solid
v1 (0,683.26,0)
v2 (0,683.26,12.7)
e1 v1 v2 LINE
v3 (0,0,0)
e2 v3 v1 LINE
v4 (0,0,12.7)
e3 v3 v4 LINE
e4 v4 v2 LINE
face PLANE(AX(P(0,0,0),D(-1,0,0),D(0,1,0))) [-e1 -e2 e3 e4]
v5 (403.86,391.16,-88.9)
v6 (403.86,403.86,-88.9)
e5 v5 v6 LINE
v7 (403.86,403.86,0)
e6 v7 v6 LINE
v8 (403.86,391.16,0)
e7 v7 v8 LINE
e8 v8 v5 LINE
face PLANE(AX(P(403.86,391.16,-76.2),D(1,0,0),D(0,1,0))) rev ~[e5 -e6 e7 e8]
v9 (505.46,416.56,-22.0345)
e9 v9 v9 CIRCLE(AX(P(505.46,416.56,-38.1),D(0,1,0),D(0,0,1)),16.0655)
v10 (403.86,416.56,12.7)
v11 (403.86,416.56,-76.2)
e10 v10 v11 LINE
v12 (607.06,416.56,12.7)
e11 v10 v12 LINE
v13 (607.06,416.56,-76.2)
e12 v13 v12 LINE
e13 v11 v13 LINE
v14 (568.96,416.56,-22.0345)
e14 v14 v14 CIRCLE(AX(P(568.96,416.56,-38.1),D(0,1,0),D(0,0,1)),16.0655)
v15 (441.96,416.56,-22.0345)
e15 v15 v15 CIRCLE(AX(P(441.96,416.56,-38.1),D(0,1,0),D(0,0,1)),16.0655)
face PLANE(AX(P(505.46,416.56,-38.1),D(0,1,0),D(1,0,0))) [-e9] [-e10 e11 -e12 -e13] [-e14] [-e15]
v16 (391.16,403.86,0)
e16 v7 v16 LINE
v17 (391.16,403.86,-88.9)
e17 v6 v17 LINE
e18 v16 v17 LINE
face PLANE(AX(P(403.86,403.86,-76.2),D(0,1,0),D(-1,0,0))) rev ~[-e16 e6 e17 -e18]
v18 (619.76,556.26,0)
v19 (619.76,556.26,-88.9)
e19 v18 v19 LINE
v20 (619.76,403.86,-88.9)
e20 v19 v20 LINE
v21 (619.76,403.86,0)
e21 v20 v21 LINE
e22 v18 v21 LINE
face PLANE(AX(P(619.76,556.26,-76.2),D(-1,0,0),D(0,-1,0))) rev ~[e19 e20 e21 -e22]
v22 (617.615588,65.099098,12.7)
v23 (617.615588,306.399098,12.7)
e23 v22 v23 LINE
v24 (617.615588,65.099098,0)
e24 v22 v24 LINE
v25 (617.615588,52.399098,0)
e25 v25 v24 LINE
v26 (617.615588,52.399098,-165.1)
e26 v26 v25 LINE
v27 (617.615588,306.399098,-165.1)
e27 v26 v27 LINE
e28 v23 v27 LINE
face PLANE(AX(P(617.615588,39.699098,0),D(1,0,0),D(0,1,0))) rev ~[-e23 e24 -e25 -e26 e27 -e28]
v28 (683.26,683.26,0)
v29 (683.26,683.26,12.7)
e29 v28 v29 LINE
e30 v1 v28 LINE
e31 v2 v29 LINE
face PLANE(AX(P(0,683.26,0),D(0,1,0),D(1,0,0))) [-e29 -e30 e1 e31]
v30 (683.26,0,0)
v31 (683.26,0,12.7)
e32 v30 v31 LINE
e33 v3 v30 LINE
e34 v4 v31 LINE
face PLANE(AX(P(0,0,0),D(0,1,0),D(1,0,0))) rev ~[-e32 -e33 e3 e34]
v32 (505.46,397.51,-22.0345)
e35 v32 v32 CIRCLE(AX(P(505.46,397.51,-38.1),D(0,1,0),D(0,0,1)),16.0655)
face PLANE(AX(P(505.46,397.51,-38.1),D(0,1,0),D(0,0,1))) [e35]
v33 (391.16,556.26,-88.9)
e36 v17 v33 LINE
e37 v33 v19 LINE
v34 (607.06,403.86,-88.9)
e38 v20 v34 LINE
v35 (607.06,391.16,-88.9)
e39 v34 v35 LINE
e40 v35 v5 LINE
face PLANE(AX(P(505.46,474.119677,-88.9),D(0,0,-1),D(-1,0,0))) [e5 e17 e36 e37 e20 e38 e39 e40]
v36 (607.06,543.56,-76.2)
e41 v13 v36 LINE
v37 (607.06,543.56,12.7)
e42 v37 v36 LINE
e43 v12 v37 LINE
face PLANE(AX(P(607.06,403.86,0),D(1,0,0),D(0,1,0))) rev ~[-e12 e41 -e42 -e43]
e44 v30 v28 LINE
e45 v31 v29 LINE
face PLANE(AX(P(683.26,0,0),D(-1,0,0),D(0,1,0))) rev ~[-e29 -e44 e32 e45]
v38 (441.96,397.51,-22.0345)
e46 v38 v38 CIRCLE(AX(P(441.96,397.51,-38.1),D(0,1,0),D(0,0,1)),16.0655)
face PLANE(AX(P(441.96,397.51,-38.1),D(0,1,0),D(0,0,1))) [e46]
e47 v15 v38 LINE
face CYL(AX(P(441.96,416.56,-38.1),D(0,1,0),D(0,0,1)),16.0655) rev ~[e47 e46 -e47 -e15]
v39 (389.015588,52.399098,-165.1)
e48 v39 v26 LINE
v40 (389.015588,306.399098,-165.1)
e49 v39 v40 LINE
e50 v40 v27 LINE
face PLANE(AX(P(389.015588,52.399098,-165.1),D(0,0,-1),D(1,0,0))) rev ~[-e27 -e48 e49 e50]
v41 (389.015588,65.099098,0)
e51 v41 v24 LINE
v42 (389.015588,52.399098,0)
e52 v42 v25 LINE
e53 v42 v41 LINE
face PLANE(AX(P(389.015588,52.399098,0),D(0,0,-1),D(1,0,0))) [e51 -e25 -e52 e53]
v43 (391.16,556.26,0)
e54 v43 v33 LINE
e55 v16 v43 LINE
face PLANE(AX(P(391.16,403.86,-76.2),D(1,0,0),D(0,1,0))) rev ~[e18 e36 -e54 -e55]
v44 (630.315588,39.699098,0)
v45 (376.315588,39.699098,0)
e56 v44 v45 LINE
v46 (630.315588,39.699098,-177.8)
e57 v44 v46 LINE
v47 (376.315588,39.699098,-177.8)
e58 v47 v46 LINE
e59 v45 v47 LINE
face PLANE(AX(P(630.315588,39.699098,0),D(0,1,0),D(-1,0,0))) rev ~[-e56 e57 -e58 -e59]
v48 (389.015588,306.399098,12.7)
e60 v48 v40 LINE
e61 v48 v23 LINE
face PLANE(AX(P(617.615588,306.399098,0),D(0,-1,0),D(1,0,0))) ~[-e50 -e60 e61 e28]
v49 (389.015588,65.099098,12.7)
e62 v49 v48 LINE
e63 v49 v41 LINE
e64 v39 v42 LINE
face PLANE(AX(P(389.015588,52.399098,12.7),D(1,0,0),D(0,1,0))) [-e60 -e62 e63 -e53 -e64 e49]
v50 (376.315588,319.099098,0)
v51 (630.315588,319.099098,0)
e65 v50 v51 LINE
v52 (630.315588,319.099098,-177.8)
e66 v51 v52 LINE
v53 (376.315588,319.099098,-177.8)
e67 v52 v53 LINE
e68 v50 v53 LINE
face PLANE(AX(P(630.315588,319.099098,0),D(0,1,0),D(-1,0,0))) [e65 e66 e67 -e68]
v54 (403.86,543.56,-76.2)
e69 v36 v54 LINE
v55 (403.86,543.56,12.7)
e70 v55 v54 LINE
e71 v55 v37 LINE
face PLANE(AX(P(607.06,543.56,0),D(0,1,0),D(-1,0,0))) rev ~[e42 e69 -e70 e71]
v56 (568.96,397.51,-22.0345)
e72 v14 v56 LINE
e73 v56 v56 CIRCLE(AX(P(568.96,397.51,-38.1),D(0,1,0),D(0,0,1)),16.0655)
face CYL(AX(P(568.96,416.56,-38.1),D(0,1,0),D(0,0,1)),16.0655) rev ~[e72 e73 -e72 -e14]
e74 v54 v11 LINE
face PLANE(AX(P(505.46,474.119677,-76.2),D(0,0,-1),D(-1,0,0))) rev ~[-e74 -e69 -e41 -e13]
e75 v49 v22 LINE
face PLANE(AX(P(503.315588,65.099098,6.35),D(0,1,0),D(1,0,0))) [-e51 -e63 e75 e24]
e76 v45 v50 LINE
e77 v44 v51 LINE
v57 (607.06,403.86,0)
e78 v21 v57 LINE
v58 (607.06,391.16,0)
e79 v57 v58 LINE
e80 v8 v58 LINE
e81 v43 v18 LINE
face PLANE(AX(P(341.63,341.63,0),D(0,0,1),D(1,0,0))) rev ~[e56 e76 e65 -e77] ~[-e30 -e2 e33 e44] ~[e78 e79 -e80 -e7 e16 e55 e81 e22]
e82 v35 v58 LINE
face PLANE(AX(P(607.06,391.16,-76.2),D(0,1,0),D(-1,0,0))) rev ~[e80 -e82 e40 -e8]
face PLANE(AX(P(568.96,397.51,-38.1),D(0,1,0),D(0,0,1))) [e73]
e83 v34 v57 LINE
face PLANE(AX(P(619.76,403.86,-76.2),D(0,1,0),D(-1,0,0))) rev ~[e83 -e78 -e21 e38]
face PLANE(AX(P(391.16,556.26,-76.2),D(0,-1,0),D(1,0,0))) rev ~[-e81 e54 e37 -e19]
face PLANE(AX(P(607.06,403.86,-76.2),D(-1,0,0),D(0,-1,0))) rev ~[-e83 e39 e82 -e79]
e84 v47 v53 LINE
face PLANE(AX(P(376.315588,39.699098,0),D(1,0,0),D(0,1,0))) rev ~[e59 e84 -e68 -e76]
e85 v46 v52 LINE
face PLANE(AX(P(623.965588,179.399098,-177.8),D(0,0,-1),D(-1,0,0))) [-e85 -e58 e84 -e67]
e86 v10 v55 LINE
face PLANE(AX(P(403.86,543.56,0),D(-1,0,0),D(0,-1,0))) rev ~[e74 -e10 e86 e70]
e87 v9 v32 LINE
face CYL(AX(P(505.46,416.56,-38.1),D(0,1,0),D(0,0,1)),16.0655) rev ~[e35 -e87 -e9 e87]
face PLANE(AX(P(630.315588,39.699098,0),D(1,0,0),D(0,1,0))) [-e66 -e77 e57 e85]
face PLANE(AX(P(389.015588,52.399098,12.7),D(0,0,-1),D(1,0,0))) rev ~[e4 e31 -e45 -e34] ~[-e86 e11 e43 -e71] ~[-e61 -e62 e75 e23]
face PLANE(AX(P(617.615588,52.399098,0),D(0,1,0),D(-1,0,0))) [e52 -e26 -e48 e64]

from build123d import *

# Parameters (mm, degrees)
SKETCH1_W           = 683.26
SKETCH1_H           = 683.26
SKETCH1_W_2         = 203.2
SKETCH1_H_2         = 127
BOSS_EXTRUDE1_DEPTH = 12.7
SKETCH2_W           = 203.2
SKETCH2_H           = 76.2
BOSS_EXTRUDE2_DEPTH = 25.4
SKETCH3_R           = 16.0655
CUT_EXTRUDE1_DEPTH  = 19.05
SKETCH4_W           = 12.7
SKETCH4_H           = 12.7
SKETCH4_H_2         = 127
SKETCH4_W_2         = 203.2
BOSS_EXTRUDE4_DEPTH = 76.2
BOSS_EXTRUDE5_DEPTH = 12.7
SKETCH6_W           = 228.6
SKETCH6_H           = 254
CUT_EXTRUDE2_DEPTH  = 972.60229271
SKETCH7_W           = 228.6
SKETCH7_H           = 12.7
BOSS_EXTRUDE6_DEPTH = 177.8
SKETCH8_W           = 12.7
SKETCH8_H           = 279.4
BOSS_EXTRUDE7_DEPTH = 177.8
SKETCH9_W           = 228.6
SKETCH9_H           = 12.7
BOSS_EXTRUDE8_DEPTH = 254
SKETCH10_W          = 228.6
SKETCH10_H          = 12.7
BOSS_EXTRUDE9_DEPTH = 12.7


with BuildPart() as part:
    # Sketch1 → Boss-Extrude1 (new body)
    with BuildSketch(Plane.XY):
        with Locations((341.63, 341.63)):
            Rectangle(SKETCH1_W, SKETCH1_H)
        with Locations((505.46, 480.06)):
            Rectangle(SKETCH1_W_2, SKETCH1_H_2, mode=Mode.SUBTRACT)
    extrude(amount=BOSS_EXTRUDE1_DEPTH)

    # Sketch2 → Boss-Extrude2 (add)
    with BuildSketch(Plane(origin=(0, 416.56, 0), x_dir=(1, 0, 0), z_dir=(0, 1, 0))):
        with Locations((505.46, 38.1)):
            Rectangle(SKETCH2_W, SKETCH2_H)
    extrude(amount=-BOSS_EXTRUDE2_DEPTH)

    # Sketch3 → Cut-Extrude1 (cut)
    with BuildSketch(Plane(origin=(0, 416.56, 0), x_dir=(1, 0, 0), z_dir=(0, 1, 0))):
        with Locations(Location((568.96, 38.1, 0), (0, 0, 270))):
            Circle(SKETCH3_R)
        with Locations(Location((505.46, 38.1, 0), (0, 0, 270))):
            Circle(SKETCH3_R)
        with Locations(Location((441.96, 38.1, 0), (0, 0, 270))):
            Circle(SKETCH3_R)
    extrude(amount=-CUT_EXTRUDE1_DEPTH, mode=Mode.SUBTRACT)

    # Sketch4 → Boss-Extrude4 (add)
    with BuildSketch(Plane(origin=(0, 0, 0), x_dir=(-1, 0, 0), z_dir=(0, 0, -1))):
        with Locations((-613.41, 410.21)):
            Rectangle(SKETCH4_W, SKETCH4_H)
        with Locations((-613.41, 480.06)):
            Rectangle(SKETCH4_W, SKETCH4_H_2)
        with Locations((-505.46, 549.91)):
            Rectangle(SKETCH4_W_2, SKETCH4_H)
        with Locations((-613.41, 549.91)):
            Rectangle(SKETCH4_W, SKETCH4_H)
        with Locations((-397.51, 549.91)):
            Rectangle(SKETCH4_W, SKETCH4_H)
        with Locations((-397.51, 480.06)):
            Rectangle(SKETCH4_W, SKETCH4_H_2)
        with Locations((-397.51, 410.21)):
            Rectangle(SKETCH4_W, SKETCH4_H)
    extrude(amount=BOSS_EXTRUDE4_DEPTH)

    # Sketch5 → Boss-Extrude5 (add)
    with BuildSketch(Plane(origin=(0, 0, -76.2), x_dir=(-1, 0, 0), z_dir=(0, 0, -1))):
        Polygon((-607.06, 391.16), (-403.86, 391.16), (-403.86, 403.86), (-391.16, 403.86), (-391.16, 556.26), (-619.76, 556.26), (-619.76, 403.86), (-607.06, 403.86), align=None)
    extrude(amount=BOSS_EXTRUDE5_DEPTH)

    # Sketch6 → Cut-Extrude2 (cut, through all)
    with BuildSketch(Plane.XY.offset(12.7)):
        with Locations((503.315588228, 179.399098269)):
            Rectangle(SKETCH6_W, SKETCH6_H)
    extrude(amount=-CUT_EXTRUDE2_DEPTH, mode=Mode.SUBTRACT)

    # Sketch7 → Boss-Extrude6 (add)
    with BuildSketch(Plane(origin=(0, 0, 0), x_dir=(-1, 0, 0), z_dir=(0, 0, -1))):
        with Locations((-503.315588228, 46.049098269)):
            Rectangle(SKETCH7_W, SKETCH7_H)
    boss_extrude6 = extrude(amount=BOSS_EXTRUDE6_DEPTH)

    # Mirror1: Boss-Extrude6 across plane
    add(boss_extrude6.mirror(Plane.ZX.offset(179.399098269)))

    # Sketch8 → Boss-Extrude7 (add)
    with BuildSketch(Plane(origin=(0, 0, 0), x_dir=(-1, 0, 0), z_dir=(0, 0, -1))):
        with Locations((-623.965588228, 179.399098269)):
            Rectangle(SKETCH8_W, SKETCH8_H)
        with Locations((-382.665588228, 179.399098269)):
            Rectangle(SKETCH8_W, SKETCH8_H)
    extrude(amount=BOSS_EXTRUDE7_DEPTH)

    # Sketch9 → Boss-Extrude8 (add)
    with BuildSketch(Plane(origin=(0, 52.399098269, 0), x_dir=(1, 0, 0), z_dir=(0, 1, 0))):
        with Locations((503.315588228, 171.45)):
            Rectangle(SKETCH9_W, SKETCH9_H)
    extrude(amount=BOSS_EXTRUDE8_DEPTH)

    # Sketch10 → Boss-Extrude9 (add)
    with BuildSketch(Plane(origin=(0, 52.399098269, 0), x_dir=(1, 0, 0), z_dir=(0, 1, 0))):
        with Locations((503.315588228, -6.35)):
            Rectangle(SKETCH10_W, SKETCH10_H)
    extrude(amount=BOSS_EXTRUDE9_DEPTH)


solid = part.part
